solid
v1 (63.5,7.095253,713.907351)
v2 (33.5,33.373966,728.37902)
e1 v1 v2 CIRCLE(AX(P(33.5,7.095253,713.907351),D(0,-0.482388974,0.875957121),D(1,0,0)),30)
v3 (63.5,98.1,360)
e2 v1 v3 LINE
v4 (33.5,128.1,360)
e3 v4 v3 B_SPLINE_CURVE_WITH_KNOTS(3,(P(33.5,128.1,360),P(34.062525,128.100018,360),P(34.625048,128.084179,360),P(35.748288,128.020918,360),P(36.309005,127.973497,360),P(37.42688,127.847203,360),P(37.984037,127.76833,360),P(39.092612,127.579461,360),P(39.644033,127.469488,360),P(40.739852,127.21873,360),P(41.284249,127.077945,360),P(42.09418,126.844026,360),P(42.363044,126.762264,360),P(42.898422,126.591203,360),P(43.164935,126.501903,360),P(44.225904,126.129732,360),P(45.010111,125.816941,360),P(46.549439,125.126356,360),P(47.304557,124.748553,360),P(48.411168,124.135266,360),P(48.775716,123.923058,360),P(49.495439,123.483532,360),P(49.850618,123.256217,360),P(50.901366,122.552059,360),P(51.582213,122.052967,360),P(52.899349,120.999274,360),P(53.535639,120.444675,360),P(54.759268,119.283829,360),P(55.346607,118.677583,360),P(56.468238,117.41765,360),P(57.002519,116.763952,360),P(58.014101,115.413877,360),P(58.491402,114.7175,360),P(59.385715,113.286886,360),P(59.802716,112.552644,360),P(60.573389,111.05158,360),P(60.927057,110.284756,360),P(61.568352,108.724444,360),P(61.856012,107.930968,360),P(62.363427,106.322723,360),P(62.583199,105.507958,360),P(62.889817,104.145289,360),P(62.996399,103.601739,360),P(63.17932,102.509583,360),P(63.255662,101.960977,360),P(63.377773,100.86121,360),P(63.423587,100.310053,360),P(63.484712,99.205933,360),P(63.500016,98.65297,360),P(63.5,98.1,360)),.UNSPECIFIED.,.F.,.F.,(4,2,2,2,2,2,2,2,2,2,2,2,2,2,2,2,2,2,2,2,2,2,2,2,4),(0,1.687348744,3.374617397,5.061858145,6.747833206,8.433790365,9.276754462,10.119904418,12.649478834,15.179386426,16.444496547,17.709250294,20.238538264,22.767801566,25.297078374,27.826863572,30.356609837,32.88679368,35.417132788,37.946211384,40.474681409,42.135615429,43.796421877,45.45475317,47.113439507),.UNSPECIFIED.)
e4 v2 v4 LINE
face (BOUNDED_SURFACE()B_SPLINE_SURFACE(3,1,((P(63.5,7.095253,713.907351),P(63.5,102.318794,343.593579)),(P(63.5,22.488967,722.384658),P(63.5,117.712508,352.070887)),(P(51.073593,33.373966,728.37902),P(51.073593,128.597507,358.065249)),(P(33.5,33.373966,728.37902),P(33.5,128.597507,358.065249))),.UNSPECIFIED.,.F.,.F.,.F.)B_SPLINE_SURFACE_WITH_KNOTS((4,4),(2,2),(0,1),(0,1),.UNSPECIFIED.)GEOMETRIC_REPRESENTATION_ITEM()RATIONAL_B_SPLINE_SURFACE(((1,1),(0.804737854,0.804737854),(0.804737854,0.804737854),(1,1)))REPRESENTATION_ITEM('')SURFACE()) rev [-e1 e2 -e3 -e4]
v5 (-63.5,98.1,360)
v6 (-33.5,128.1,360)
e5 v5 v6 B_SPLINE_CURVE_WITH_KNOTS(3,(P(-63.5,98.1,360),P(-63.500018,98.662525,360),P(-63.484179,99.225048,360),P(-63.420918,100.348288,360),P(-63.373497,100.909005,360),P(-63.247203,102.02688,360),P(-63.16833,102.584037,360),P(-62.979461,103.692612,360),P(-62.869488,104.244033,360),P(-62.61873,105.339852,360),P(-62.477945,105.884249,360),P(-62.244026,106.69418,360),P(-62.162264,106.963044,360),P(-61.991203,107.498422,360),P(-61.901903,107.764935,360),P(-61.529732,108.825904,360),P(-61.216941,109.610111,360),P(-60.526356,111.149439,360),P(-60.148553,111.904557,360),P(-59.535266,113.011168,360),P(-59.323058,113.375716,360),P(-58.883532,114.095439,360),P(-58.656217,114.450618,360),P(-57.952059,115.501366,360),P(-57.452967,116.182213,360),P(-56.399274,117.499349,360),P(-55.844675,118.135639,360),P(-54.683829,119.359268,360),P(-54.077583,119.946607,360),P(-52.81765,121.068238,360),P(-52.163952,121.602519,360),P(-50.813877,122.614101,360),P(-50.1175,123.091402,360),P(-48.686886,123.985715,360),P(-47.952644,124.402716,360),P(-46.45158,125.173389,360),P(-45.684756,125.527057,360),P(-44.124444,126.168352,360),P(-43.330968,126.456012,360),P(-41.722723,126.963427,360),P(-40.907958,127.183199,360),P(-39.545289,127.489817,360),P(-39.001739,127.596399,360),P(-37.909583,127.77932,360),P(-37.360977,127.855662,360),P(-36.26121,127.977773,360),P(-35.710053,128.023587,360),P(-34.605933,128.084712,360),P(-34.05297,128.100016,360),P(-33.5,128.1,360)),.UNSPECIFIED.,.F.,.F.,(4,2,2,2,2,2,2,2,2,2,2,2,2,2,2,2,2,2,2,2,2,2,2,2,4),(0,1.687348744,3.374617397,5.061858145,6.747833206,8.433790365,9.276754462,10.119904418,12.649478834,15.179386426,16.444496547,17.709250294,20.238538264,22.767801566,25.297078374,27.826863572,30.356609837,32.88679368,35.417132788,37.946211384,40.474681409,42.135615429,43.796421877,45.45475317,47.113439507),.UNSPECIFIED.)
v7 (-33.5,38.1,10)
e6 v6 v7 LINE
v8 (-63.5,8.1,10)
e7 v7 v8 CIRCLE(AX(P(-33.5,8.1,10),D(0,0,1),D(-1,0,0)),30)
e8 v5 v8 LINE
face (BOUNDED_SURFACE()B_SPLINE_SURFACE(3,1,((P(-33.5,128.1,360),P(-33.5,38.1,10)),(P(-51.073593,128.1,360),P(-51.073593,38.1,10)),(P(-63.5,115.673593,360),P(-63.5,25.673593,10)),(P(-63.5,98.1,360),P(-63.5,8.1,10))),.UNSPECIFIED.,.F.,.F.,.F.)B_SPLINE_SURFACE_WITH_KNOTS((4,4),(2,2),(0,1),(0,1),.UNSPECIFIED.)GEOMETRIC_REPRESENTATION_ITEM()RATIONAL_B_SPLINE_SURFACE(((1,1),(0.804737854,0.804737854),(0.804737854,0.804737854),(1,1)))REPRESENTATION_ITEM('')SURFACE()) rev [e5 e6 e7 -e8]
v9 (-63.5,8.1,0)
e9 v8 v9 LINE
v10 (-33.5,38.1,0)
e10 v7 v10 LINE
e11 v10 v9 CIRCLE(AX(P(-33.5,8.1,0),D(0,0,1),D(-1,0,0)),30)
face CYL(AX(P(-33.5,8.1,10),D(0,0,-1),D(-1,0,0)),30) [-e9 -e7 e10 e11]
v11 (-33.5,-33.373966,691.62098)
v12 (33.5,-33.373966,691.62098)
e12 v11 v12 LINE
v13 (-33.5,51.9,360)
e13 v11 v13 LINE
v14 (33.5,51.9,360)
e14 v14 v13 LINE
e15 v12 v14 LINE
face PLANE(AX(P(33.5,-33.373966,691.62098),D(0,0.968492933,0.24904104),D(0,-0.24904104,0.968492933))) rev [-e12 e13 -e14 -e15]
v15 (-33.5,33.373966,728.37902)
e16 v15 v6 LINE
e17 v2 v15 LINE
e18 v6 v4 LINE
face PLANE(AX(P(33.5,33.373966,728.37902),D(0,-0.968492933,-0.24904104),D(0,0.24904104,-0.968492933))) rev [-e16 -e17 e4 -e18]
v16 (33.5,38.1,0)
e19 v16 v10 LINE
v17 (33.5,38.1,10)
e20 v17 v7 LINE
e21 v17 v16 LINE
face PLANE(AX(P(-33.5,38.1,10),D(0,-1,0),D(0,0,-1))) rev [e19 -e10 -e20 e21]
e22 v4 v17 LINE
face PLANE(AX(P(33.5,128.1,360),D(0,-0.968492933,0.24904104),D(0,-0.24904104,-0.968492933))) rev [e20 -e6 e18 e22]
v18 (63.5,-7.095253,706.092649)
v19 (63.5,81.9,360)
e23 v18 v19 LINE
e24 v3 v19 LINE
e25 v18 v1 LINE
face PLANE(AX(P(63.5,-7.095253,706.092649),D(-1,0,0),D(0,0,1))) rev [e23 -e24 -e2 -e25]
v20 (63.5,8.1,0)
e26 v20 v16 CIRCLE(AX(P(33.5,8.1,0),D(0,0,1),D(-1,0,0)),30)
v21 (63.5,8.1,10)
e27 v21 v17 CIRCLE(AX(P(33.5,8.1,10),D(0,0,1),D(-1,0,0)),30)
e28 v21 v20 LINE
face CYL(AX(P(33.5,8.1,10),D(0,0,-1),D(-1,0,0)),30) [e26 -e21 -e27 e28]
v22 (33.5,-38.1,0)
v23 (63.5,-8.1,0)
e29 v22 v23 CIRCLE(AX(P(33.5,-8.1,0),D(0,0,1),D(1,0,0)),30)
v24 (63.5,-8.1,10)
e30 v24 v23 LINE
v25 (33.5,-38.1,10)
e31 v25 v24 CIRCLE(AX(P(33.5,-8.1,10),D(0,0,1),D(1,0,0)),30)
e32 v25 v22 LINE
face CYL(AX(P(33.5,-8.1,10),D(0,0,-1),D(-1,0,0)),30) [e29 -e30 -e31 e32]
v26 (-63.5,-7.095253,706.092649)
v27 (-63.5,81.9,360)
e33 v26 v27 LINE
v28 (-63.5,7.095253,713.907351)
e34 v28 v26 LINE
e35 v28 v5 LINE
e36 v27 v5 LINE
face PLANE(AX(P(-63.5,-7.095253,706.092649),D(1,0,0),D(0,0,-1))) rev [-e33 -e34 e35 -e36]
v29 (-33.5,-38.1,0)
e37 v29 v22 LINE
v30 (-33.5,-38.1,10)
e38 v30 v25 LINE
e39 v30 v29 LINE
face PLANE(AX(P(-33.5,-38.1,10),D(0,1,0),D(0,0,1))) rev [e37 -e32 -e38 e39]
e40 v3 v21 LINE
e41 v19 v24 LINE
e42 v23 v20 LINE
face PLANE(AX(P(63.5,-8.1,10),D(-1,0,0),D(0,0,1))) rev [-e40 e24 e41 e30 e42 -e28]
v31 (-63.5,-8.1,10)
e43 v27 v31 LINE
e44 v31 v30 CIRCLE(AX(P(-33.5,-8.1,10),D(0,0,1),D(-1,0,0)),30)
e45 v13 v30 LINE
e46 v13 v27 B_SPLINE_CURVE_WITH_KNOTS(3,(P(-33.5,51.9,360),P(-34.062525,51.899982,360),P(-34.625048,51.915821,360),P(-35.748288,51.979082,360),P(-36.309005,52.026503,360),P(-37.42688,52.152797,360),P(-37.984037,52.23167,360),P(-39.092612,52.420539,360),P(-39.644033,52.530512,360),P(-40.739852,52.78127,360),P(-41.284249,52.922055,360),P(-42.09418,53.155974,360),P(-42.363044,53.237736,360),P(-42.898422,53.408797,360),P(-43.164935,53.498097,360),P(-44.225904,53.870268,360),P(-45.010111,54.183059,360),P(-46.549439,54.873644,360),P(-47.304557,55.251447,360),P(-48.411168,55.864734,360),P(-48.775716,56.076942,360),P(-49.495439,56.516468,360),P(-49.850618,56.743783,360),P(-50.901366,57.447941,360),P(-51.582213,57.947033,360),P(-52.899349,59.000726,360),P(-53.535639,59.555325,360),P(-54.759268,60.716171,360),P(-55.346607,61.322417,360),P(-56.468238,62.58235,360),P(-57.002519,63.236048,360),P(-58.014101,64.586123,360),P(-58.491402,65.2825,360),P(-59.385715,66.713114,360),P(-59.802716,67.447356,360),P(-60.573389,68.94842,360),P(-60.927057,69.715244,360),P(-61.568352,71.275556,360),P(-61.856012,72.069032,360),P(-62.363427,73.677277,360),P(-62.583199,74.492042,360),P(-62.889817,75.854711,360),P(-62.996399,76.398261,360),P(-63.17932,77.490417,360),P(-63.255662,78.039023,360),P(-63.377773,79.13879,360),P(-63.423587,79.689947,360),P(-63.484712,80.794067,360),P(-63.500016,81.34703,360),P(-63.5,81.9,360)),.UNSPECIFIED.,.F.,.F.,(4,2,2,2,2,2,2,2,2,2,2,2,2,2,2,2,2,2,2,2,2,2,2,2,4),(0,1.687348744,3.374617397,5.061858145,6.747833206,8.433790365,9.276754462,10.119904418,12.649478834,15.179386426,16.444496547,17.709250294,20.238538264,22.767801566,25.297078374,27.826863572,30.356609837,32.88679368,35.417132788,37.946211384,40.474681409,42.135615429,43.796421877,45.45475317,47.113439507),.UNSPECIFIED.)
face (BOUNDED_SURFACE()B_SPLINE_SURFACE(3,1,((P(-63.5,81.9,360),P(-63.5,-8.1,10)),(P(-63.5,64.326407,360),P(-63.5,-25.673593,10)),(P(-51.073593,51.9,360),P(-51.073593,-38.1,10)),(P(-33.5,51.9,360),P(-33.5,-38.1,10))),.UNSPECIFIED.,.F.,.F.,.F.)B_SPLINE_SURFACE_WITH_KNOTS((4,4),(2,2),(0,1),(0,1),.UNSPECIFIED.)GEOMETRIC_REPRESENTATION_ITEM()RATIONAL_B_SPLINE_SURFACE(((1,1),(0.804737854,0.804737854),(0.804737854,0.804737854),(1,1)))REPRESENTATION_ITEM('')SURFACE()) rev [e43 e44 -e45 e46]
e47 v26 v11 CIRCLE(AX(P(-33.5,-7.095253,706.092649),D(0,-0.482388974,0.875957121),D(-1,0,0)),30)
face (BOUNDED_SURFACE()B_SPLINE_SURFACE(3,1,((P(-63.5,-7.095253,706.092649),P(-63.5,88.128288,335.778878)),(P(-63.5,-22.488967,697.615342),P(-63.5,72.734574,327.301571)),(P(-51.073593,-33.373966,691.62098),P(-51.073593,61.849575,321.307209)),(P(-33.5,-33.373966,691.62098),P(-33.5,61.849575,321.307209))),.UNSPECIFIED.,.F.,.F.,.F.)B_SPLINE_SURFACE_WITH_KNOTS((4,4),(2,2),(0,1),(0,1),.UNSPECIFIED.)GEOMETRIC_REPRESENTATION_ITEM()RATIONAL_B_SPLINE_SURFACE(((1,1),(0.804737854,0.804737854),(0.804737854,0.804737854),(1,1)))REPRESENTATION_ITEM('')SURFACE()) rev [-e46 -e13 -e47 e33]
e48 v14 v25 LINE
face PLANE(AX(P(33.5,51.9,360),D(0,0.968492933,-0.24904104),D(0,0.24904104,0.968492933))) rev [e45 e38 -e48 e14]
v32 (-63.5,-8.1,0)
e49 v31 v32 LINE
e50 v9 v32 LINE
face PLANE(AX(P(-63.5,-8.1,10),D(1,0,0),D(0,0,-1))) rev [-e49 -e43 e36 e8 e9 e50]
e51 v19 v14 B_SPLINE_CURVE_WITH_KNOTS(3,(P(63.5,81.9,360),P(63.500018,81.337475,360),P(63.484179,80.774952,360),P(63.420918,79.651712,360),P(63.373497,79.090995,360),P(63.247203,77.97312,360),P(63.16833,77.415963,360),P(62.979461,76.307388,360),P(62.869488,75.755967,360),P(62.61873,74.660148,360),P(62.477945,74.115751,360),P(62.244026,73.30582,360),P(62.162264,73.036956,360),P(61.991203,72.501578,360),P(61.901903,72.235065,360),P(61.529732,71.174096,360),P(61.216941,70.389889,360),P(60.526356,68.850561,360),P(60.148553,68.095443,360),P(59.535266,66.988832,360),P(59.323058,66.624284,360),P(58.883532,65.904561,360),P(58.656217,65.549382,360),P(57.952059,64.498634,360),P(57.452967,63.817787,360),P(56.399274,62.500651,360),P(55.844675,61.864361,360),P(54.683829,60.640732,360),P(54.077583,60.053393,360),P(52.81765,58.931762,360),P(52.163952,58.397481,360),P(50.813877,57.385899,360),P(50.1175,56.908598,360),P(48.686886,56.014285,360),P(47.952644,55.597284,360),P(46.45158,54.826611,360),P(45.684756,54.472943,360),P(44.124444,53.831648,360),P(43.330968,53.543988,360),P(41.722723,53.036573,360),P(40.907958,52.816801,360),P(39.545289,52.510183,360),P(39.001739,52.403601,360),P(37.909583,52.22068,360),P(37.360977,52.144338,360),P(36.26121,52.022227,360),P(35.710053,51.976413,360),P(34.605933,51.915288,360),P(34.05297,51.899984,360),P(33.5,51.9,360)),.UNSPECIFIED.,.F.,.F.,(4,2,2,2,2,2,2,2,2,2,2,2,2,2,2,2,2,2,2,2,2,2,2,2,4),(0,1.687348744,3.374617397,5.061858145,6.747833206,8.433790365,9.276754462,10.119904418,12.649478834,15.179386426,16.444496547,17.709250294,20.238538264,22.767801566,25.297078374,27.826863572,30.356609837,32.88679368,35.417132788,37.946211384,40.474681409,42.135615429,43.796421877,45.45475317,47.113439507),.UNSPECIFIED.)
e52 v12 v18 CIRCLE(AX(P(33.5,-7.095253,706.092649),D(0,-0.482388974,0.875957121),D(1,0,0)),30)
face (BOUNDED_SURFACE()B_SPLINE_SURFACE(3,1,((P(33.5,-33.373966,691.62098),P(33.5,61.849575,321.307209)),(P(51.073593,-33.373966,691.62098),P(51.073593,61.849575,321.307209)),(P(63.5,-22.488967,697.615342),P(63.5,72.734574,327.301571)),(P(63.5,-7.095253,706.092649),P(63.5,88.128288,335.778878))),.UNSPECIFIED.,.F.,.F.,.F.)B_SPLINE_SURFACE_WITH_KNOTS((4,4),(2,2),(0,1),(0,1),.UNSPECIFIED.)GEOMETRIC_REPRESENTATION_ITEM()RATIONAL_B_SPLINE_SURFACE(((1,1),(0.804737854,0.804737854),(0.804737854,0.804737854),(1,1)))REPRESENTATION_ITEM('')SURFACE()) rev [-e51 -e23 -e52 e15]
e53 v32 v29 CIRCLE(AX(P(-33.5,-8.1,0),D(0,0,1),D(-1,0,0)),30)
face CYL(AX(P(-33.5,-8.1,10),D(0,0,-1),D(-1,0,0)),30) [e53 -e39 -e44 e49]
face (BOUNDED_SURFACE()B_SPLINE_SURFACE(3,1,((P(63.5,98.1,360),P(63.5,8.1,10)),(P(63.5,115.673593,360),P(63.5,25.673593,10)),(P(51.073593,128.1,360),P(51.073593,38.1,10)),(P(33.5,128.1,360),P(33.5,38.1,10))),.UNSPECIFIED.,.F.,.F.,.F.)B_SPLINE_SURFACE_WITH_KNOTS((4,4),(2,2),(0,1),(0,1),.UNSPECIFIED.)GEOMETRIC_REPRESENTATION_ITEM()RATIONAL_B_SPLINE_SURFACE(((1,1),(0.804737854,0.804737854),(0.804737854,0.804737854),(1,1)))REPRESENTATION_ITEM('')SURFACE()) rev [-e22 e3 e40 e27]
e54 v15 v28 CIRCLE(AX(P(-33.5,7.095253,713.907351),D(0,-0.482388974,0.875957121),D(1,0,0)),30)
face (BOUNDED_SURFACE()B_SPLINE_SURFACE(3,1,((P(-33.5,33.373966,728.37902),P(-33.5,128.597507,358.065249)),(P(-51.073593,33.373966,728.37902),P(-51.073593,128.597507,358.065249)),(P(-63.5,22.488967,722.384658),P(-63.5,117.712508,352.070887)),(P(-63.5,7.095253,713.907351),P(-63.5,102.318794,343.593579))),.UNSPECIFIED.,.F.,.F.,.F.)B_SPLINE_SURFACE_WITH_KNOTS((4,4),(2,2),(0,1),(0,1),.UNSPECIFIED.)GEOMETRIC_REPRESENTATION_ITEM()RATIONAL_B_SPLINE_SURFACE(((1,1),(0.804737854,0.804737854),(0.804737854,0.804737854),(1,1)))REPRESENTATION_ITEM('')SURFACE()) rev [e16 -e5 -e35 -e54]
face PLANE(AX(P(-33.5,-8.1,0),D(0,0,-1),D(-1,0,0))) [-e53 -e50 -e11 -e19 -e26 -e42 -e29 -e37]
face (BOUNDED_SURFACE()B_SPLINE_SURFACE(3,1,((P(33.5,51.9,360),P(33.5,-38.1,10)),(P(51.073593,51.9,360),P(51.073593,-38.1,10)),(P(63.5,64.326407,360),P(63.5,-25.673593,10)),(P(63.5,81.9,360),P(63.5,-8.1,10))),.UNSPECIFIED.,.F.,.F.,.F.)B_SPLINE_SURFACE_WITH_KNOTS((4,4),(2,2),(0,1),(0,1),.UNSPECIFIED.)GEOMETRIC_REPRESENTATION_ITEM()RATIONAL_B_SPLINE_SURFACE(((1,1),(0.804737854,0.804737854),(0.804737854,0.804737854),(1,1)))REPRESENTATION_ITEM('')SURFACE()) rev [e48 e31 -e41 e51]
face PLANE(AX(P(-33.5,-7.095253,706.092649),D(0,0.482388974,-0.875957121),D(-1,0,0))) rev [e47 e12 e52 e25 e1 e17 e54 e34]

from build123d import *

# Parameters (mm, degrees)
SALIENTE_EXTRUIR1_DEPTH = 10


with BuildPart() as part:
    # Croquis1 → Saliente-Extruir1 (new body)
    with BuildSketch(Plane.XY):
        with BuildLine():
            Line((-33.5, -38.1), (33.5, -38.1))
            ThreePointArc((33.5, -38.1), (54.713203436, -29.313203436), (63.5, -8.1))
            Line((63.5, -8.1), (63.5, 8.1))
            ThreePointArc((63.5, 8.1), (54.713203436, 29.313203436), (33.5, 38.1))
            Line((33.5, 38.1), (-33.5, 38.1))
            ThreePointArc((-33.5, 38.1), (-54.713203436, 29.313203436), (-63.5, 8.1))
            Line((-63.5, 8.1), (-63.5, -8.1))
            ThreePointArc((-63.5, -8.1), (-54.713203436, -29.313203436), (-33.5, -38.1))
        make_face()
    extrude(amount=SALIENTE_EXTRUIR1_DEPTH)

    # Barrer1: sweep along a curve in space
    with BuildLine() as barrer1_path:
        Line((0, 90, 360), (0, 0, 10))
        Line((0, 90, 360), (0, 0, 710))
    # Croquis3 → Barrer1 (sweep)
    with BuildSketch(Plane.XY.offset(10)):
        with BuildLine():
            Line((33.5, -38.1), (-33.5, -38.1))
            ThreePointArc((-33.5, -38.1), (-54.713203436, -29.313203436), (-63.5, -8.1))
            Line((-63.5, -8.1), (-63.5, 8.1))
            ThreePointArc((-63.5, 8.1), (-54.713203436, 29.313203436), (-33.5, 38.1))
            Line((-33.5, 38.1), (33.5, 38.1))
            ThreePointArc((33.5, 38.1), (54.713203436, 29.313203436), (63.5, 8.1))
            Line((63.5, 8.1), (63.5, -8.1))
            ThreePointArc((63.5, -8.1), (54.713203436, -29.313203436), (33.5, -38.1))
        make_face()
    sweep(path=barrer1_path.line, transition=Transition.RIGHT)


solid = part.part
